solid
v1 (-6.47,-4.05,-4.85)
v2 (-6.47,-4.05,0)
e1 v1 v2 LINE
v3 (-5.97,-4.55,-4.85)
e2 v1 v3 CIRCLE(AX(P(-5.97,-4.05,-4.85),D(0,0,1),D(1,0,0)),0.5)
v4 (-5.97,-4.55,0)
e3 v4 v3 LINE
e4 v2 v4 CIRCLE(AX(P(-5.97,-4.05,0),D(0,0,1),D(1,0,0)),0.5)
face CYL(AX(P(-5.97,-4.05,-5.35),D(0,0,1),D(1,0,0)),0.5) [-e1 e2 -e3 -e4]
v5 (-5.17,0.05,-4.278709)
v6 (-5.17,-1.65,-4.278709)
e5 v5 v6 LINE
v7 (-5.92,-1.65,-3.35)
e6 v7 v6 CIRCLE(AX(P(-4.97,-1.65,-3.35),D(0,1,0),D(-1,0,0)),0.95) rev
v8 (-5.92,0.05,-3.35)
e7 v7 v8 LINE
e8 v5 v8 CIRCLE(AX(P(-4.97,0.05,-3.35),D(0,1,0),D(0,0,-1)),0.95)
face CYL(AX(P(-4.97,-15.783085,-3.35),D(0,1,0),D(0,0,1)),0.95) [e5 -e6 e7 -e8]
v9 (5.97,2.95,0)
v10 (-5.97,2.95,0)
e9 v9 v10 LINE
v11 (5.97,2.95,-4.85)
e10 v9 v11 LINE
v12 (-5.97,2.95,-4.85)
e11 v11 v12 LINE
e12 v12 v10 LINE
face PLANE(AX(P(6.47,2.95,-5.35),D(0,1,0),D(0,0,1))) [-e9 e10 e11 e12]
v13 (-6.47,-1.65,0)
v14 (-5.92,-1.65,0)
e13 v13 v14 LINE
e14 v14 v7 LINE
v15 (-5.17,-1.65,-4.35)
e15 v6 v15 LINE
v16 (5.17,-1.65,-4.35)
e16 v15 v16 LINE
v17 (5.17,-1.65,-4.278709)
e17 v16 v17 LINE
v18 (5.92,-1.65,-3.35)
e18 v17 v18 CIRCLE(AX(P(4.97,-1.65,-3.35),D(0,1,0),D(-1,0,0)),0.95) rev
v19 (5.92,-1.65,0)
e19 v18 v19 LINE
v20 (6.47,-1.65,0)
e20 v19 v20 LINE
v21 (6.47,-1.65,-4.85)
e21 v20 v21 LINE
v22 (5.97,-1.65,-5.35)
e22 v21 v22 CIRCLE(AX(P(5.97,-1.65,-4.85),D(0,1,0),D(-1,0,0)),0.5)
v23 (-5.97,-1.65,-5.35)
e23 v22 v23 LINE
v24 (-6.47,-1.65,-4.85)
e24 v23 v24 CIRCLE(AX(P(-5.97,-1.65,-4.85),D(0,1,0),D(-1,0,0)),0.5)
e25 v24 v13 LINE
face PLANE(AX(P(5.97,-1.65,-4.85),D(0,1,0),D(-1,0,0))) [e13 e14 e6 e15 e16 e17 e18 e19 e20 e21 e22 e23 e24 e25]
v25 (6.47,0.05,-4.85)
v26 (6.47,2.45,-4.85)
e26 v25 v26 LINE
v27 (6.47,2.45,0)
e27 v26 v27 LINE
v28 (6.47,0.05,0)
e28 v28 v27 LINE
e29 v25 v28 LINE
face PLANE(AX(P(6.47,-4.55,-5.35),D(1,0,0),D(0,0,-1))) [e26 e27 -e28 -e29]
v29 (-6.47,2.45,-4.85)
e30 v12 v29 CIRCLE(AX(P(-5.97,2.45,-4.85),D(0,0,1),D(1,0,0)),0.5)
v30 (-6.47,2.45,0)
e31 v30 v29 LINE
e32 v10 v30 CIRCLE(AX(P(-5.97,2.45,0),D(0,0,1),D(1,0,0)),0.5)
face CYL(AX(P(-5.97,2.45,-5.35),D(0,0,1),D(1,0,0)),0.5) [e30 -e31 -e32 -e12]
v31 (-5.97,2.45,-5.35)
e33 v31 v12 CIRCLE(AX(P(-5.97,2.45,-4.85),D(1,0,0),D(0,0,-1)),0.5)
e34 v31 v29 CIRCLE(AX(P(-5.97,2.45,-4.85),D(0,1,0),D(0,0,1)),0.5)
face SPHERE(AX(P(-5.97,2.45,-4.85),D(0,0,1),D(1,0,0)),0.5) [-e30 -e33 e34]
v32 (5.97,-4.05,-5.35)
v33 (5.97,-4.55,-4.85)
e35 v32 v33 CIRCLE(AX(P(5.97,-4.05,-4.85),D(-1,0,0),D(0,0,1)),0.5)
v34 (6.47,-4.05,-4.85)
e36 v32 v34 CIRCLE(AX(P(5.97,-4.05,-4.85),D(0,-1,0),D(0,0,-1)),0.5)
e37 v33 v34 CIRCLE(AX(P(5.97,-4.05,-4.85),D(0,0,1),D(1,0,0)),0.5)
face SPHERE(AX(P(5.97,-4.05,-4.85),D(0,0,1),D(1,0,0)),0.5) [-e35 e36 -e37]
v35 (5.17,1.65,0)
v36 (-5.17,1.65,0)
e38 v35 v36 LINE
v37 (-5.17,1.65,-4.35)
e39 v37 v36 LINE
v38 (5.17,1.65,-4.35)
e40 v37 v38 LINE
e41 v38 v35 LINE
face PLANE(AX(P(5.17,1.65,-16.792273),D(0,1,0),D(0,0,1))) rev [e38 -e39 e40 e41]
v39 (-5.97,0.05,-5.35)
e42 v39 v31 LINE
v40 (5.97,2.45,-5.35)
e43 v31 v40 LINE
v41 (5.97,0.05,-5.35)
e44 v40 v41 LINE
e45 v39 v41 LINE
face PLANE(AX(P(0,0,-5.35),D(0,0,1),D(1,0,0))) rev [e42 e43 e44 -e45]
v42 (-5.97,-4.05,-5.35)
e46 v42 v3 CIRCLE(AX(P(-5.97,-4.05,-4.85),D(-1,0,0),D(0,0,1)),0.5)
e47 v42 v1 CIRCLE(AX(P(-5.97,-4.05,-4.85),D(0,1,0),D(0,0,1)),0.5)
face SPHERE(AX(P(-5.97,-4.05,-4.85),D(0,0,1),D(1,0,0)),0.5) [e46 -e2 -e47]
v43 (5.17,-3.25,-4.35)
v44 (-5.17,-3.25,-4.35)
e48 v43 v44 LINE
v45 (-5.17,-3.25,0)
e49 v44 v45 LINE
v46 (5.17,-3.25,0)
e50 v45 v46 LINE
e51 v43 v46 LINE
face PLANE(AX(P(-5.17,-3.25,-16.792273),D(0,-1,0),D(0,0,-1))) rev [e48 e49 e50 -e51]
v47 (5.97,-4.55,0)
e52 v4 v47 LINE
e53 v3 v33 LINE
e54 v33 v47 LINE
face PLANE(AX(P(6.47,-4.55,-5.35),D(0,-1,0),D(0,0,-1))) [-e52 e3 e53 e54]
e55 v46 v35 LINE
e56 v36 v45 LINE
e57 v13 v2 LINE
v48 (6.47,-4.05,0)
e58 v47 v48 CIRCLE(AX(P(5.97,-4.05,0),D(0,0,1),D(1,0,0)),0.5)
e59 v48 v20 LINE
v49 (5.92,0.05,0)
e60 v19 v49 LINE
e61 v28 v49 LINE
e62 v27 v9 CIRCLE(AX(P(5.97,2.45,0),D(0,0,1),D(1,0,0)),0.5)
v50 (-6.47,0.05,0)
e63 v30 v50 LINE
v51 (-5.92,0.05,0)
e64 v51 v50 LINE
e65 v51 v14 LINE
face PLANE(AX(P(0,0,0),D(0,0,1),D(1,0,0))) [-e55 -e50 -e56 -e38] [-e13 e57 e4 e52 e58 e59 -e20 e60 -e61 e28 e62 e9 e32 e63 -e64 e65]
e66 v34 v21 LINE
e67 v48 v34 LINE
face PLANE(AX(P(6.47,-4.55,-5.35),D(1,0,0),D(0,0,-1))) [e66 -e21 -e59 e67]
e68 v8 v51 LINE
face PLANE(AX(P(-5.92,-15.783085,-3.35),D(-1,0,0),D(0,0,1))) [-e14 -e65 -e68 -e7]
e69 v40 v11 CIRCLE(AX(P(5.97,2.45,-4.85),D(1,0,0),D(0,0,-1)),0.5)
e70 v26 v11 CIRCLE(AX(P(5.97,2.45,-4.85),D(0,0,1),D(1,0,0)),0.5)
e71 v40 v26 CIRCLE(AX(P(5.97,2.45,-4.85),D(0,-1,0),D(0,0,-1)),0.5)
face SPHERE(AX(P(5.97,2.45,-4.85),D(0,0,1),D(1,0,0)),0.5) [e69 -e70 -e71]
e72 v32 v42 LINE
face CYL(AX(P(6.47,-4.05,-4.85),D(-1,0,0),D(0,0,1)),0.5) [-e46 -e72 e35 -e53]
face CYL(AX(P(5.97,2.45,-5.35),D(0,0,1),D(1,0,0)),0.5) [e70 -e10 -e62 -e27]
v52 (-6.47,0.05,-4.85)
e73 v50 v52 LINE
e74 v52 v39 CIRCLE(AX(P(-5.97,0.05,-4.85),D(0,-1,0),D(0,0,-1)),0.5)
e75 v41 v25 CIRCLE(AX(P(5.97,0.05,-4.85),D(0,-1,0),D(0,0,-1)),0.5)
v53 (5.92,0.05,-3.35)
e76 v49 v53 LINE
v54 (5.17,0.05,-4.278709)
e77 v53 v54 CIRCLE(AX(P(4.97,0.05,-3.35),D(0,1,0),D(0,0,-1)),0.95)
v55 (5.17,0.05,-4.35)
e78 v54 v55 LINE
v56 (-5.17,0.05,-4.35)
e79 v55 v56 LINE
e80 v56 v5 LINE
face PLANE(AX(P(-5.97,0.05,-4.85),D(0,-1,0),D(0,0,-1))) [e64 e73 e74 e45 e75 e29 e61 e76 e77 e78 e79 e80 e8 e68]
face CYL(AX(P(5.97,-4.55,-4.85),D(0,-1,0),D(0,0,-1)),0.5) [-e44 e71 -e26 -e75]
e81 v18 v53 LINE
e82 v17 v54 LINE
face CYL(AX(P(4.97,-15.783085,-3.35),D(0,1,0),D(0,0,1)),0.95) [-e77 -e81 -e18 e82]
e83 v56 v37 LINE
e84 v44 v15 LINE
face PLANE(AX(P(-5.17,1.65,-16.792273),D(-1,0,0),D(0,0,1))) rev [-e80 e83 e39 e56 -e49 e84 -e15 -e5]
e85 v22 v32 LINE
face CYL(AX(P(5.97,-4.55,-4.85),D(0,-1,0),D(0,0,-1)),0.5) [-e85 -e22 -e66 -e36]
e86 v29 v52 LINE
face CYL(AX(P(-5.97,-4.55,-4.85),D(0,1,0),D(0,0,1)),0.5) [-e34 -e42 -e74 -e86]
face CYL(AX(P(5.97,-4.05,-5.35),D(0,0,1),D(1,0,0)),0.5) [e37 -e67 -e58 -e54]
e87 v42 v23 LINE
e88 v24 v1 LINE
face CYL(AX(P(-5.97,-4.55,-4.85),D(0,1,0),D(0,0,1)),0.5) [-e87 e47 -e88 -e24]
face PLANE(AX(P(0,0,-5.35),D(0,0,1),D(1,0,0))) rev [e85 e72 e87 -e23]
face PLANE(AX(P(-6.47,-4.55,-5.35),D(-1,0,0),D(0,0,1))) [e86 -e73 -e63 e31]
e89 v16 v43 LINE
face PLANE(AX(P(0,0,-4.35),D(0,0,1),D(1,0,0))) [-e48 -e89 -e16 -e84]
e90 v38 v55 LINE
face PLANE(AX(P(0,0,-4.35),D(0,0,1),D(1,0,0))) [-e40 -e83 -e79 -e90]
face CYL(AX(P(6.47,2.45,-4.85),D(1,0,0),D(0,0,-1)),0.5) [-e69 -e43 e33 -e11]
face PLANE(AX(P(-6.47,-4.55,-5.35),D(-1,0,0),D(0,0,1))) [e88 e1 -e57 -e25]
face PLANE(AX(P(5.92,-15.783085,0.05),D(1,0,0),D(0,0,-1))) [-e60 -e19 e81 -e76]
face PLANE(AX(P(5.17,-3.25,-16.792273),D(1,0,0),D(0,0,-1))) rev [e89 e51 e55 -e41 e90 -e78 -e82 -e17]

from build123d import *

# Parameters (mm, degrees)
SKETCH1_W                               = 12.94
SKETCH1_H                               = 7.5
BOSS_EXTRUDE1_DEPTH                     = 5.35
FILLET1_R                               = 0.5
SKETCH2_W                               = 10.34
SKETCH2_H                               = 4.9
CUT_EXTRUDE1_DEPTH                      = 4.35
SKETCH3_W                               = 10.34
SKETCH3_H                               = 1.6
CUT_EXTRUDE2_DEPTH                      = 2
SKETCH4_OUTSIDE_W                       = 18.116
SKETCH4_OUTSIDE_H                       = 10.526
CUT_EXTRUDE3_DEPTH                      = 1.6
FILLET2_R                               = 0.5
CUT_EXTRUDE4_CLEARANCE_FOR_TOP_DEPTH    = 0.05
CUT_EXTRUDE5_CLEARANCE_FOR_BOTTOM_DEPTH = 0.05
CUT_EXTRUDE6_CLEARANCE_ON_SIDES_DEPTH   = 1.7


with BuildPart() as part:
    # Sketch1 → Boss-Extrude1 (new body)
    with BuildSketch(Plane.XY):
        with Locations((0, -0.8)):
            Rectangle(SKETCH1_W, SKETCH1_H)
    extrude(amount=-BOSS_EXTRUDE1_DEPTH)

    # Fillet1
    fillet1_edges = [part.edges().sort_by_distance(p)[0] for p in [
        (-6.47, 2.95, -2.675),
        (6.47, 2.95, -2.675),
        (6.47, -4.55, -2.675),
        (-6.47, -4.55, -2.675),
    ]]
    fillet(fillet1_edges, radius=FILLET1_R)

    # Sketch2 → Cut-Extrude1 (cut)
    with BuildSketch(Plane.XY):
        with Locations((0, -0.8)):
            Rectangle(SKETCH2_W, SKETCH2_H)
    extrude(amount=-CUT_EXTRUDE1_DEPTH, mode=Mode.SUBTRACT)

    # Sketch3 → Cut-Extrude2 (cut, through all)
    with BuildSketch(Plane.XY.offset(-4.35)):
        with Locations((0, -0.8)):
            Rectangle(SKETCH3_W, SKETCH3_H)
    extrude(amount=-CUT_EXTRUDE2_DEPTH, mode=Mode.SUBTRACT)

    # Sketch4 outside → Cut-Extrude3 (cut)
    with BuildSketch(Plane.XZ.offset(1.6)):
        with Locations((0, -2.675)):
            Rectangle(SKETCH4_OUTSIDE_W, SKETCH4_OUTSIDE_H)
        with BuildLine():
            Line((5.97, -3.35), (5.97, 0))
            Line((5.97, 0), (-5.97, 0))
            Line((-5.97, 0), (-5.97, -3.35))
            ThreePointArc((-5.97, -3.35), (-5.677106781, -4.057106781), (-4.97, -4.35))
            Line((-4.97, -4.35), (-4.27, -4.35))
            Line((-4.27, -4.35), (4.27, -4.35))
            Line((4.27, -4.35), (4.97, -4.35))
            ThreePointArc((4.97, -4.35), (5.677106781, -4.057106781), (5.97, -3.35))
        make_face(mode=Mode.SUBTRACT)
    extrude(amount=-CUT_EXTRUDE3_DEPTH, mode=Mode.SUBTRACT)

    # Fillet2
    fillet2_edges = [part.edges().sort_by_distance(p)[0] for p in [
        (6.47, -2.825, -5.35),
        (0, 2.95, -5.35),
        (-6.47, 1.225, -5.35),
        (0, -4.55, -5.35),
        (6.323553391, -4.403553391, -5.35),
        (-6.323553391, -4.403553391, -5.35),
        (-6.323553391, 2.803553391, -5.35),
        (6.323553391, 2.803553391, -5.35),
        (6.47, 1.225, -5.35),
        (-6.47, -2.825, -5.35),
    ]]
    fillet(fillet2_edges, radius=FILLET2_R)

    # Sketch5 → Cut-Extrude4 - clearance for top (cut)
    with BuildSketch(Plane.XZ):
        with BuildLine():
            Line((-5.97, -5.35), (5.97, -5.35))
            ThreePointArc((5.97, -5.35), (6.323553391, -5.203553391), (6.47, -4.85))
            Line((6.47, -4.85), (6.47, 0))
            Line((6.47, 0), (5.97, 0))
            Line((5.97, 0), (5.97, -3.35))
            ThreePointArc((5.97, -3.35), (5.744596669, -3.982455532), (5.17, -4.329795897))
            Line((5.17, -4.329795897), (5.17, -4.35))
            Line((5.17, -4.35), (-5.17, -4.35))
            Line((-5.17, -4.35), (-5.17, -4.329795897))
            ThreePointArc((-5.17, -4.329795897), (-5.744596669, -3.982455532), (-5.97, -3.35))
            Line((-5.97, -3.35), (-5.97, 0))
            Line((-5.97, 0), (-6.47, 0))
            Line((-6.47, 0), (-6.47, -4.85))
            ThreePointArc((-6.47, -4.85), (-6.323553391, -5.203553391), (-5.97, -5.35))
        make_face()
    extrude(amount=-CUT_EXTRUDE4_CLEARANCE_FOR_TOP_DEPTH, mode=Mode.SUBTRACT)

    # Sketch6 → Cut-Extrude5 - clearance for bottom (cut)
    with BuildSketch(Plane(origin=(0, -1.6, 0), x_dir=(1, 0, 0), z_dir=(0, 1, 0))):
        with BuildLine():
            Line((5.97, 5.35), (-5.97, 5.35))
            ThreePointArc((-5.97, 5.35), (-6.323553391, 5.203553391), (-6.47, 4.85))
            Line((-6.47, 4.85), (-6.47, 0))
            Line((-6.47, 0), (-5.97, 0))
            Line((-5.97, 0), (-5.97, 3.35))
            ThreePointArc((-5.97, 3.35), (-5.744596669, 3.982455532), (-5.17, 4.329795897))
            Line((-5.17, 4.329795897), (-5.17, 4.35))
            Line((-5.17, 4.35), (5.17, 4.35))
            Line((5.17, 4.35), (5.17, 4.329795897))
            ThreePointArc((5.17, 4.329795897), (5.744596669, 3.982455532), (5.97, 3.35))
            Line((5.97, 3.35), (5.97, 0))
            Line((5.97, 0), (6.47, 0))
            Line((6.47, 0), (6.47, 4.85))
            ThreePointArc((6.47, 4.85), (6.323553391, 5.203553391), (5.97, 5.35))
        make_face()
    extrude(amount=-CUT_EXTRUDE5_CLEARANCE_FOR_BOTTOM_DEPTH, mode=Mode.SUBTRACT)

    # Sketch7 → Cut-Extrude6 - clearance on sides (cut)
    with BuildSketch(Plane.XZ.offset(-0.05)):
        with BuildLine():
            Line((-5.97, -5.4), (5.97, -5.4))
            ThreePointArc((5.97, -5.4), (6.35890873, -5.23890873), (6.52, -4.85))
            Line((6.52, -4.85), (6.52, 0.05))
            Line((6.52, 0.05), (5.92, 0.05))
            Line((5.92, 0.05), (5.92, -3.35))
            ThreePointArc((5.92, -3.35), (5.692841615, -3.9664414), (5.12, -4.288083152))
            Line((5.12, -4.288083152), (5.12, -4.3))
            Line((5.12, -4.3), (-5.12, -4.3))
            Line((-5.12, -4.3), (-5.12, -4.288083152))
            ThreePointArc((-5.12, -4.288083152), (-5.692841615, -3.9664414), (-5.92, -3.35))
            Line((-5.92, -3.35), (-5.92, 0.05))
            Line((-5.92, 0.05), (-6.52, 0.05))
            Line((-6.52, 0.05), (-6.52, -4.85))
            ThreePointArc((-6.52, -4.85), (-6.35890873, -5.23890873), (-5.97, -5.4))
        make_face()
    extrude(amount=CUT_EXTRUDE6_CLEARANCE_ON_SIDES_DEPTH, mode=Mode.SUBTRACT)


solid = part.part
